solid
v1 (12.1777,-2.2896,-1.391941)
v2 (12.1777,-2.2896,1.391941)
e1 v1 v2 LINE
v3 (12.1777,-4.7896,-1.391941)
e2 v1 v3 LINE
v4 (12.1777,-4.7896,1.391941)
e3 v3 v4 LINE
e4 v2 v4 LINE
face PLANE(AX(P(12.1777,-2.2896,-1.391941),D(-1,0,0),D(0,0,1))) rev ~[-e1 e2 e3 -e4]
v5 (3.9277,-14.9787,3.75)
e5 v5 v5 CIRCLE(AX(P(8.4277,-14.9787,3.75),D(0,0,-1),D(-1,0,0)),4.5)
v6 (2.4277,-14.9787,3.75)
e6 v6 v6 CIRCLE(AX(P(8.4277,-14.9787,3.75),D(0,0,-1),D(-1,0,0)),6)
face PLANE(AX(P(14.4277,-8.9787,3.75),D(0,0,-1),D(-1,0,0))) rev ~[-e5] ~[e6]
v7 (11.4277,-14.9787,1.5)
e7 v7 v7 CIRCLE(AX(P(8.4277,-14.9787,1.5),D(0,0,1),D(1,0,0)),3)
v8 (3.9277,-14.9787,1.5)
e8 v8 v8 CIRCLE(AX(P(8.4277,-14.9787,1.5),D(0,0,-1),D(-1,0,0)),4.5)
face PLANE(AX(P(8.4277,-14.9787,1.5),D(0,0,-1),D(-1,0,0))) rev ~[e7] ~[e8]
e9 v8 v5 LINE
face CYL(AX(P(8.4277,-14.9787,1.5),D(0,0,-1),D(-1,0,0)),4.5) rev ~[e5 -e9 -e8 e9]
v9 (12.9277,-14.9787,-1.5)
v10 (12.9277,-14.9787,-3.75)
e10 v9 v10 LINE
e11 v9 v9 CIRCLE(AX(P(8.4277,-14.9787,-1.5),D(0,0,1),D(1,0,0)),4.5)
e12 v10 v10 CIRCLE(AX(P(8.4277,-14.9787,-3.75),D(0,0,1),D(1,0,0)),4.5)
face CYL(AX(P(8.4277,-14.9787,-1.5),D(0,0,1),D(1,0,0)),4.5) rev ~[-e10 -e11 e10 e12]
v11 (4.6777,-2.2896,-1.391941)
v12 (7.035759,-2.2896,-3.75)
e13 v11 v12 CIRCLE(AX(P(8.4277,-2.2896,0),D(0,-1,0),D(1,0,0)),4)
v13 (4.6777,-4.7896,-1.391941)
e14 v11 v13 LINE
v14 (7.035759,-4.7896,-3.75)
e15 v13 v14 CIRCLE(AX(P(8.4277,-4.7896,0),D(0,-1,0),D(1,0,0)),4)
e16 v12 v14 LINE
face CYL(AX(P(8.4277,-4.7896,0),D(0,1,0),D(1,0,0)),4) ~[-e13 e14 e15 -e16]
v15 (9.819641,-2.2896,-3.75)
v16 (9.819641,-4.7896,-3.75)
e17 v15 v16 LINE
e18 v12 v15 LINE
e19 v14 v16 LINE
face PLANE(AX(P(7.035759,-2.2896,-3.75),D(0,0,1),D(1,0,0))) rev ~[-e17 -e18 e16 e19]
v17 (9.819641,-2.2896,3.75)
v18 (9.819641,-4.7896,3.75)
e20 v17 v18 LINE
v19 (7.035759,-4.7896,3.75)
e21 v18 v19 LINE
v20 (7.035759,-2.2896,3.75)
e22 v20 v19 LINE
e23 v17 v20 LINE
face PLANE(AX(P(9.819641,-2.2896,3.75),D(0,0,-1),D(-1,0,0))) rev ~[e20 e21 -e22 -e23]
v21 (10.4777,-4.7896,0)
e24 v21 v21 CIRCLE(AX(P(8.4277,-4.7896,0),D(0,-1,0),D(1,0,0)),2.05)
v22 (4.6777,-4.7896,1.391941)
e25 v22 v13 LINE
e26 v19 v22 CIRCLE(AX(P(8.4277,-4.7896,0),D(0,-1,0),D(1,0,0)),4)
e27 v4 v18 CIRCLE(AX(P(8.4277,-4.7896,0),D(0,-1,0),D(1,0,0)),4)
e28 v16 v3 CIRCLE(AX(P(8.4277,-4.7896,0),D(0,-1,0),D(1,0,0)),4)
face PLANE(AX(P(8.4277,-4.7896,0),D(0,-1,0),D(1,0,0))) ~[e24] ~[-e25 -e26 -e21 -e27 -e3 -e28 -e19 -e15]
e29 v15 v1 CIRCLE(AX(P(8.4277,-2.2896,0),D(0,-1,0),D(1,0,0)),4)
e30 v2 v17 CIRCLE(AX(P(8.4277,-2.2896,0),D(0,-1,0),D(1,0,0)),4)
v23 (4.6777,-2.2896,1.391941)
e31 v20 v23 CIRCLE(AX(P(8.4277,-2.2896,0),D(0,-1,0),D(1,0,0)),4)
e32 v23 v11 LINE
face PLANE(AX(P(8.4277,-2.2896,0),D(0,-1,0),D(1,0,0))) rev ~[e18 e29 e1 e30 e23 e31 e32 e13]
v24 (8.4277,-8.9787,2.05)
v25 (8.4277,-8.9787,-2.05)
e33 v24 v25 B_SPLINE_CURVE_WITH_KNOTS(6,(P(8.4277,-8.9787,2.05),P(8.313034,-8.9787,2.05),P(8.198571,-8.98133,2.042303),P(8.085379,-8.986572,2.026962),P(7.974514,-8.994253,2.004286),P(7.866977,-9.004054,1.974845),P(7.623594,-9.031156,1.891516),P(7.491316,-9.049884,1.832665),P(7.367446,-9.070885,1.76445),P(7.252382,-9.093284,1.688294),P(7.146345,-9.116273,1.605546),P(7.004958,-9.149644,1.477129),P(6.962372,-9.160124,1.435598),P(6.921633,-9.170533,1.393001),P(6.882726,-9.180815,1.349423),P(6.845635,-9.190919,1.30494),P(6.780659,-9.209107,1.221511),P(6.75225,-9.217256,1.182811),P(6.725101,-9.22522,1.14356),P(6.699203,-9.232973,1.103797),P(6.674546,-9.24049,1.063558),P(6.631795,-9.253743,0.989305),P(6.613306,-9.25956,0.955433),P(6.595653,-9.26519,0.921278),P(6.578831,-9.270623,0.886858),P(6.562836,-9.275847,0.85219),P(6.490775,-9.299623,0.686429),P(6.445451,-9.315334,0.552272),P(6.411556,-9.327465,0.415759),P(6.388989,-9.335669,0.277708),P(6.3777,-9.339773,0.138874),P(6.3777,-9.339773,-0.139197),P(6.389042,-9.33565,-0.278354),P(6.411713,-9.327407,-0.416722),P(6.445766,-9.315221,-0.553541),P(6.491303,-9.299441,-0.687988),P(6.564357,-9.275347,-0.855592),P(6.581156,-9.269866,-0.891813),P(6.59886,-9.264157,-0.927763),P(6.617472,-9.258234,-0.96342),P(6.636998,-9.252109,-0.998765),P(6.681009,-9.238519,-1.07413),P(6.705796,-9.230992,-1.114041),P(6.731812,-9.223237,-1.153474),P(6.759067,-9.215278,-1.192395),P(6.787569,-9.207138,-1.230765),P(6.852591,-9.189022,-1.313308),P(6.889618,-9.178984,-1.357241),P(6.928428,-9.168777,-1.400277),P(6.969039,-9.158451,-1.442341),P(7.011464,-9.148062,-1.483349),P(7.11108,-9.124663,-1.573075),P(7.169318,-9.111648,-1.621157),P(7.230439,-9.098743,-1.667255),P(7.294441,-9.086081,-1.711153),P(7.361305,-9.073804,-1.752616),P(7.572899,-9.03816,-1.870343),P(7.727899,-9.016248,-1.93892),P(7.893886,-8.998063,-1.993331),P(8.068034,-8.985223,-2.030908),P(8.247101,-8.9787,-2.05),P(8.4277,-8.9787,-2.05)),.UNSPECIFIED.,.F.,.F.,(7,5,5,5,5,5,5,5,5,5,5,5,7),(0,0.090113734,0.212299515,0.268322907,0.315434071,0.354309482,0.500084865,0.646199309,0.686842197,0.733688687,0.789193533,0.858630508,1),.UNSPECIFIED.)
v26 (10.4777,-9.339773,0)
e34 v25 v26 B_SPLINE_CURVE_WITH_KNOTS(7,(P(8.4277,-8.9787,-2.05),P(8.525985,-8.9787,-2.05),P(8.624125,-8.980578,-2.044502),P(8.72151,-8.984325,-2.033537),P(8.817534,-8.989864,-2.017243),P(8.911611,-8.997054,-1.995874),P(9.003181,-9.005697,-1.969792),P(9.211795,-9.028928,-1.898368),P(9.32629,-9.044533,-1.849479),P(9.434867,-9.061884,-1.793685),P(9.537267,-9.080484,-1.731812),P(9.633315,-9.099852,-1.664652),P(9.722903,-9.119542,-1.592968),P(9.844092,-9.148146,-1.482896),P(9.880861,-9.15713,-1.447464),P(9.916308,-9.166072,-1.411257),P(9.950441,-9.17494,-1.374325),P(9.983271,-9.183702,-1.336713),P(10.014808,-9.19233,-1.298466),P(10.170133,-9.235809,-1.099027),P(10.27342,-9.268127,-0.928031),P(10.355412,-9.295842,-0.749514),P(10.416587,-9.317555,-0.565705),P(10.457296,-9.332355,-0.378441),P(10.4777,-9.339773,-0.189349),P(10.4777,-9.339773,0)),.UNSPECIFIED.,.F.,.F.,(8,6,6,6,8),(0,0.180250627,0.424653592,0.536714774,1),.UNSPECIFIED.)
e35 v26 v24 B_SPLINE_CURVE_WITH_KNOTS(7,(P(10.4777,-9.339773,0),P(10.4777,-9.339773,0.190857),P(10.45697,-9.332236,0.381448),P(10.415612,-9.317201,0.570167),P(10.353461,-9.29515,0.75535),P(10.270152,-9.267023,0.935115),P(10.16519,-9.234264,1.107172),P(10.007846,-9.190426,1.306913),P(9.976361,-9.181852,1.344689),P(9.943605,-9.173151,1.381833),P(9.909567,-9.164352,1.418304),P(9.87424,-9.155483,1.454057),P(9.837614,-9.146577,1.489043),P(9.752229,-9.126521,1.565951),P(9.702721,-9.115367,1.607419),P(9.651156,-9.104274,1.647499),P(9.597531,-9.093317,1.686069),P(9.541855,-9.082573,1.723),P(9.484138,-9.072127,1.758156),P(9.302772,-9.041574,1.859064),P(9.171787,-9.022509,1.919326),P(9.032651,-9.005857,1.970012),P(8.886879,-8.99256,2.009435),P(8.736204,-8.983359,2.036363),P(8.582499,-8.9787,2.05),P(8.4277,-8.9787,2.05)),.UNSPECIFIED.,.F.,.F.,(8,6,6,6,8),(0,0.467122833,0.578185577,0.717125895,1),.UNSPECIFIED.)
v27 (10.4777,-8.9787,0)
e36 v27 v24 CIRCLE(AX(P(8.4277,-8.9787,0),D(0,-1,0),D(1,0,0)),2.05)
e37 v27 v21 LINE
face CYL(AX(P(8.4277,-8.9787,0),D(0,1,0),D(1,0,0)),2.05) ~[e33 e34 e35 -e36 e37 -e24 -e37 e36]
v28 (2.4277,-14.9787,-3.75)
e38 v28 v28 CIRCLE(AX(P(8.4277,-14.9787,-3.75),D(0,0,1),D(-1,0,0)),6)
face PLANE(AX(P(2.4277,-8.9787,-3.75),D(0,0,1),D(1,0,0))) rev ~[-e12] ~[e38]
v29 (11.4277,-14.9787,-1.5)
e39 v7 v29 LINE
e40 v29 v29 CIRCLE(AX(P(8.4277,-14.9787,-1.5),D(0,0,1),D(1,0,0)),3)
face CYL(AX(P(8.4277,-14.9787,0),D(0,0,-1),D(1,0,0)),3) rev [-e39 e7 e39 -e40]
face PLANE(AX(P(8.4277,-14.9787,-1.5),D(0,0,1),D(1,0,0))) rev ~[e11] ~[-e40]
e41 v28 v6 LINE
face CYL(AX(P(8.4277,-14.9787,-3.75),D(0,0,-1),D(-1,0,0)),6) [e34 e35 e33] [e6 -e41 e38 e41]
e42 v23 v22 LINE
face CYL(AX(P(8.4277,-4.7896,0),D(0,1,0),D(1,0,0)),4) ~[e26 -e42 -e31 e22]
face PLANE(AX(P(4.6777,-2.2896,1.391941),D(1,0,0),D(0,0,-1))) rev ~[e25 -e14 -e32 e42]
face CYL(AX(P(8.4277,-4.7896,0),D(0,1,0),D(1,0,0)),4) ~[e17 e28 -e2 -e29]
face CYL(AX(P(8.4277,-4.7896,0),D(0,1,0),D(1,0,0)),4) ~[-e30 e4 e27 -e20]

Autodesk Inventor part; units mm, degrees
ref_plane "YZ Plane" through (0, 0, 0) normal (1, 0, 0) x (0, 1, 0)
ref_plane "XZ Plane" through (0, 0, 0) normal (0, 1, 0) x (-1, 0, 0)
ref_plane "XY Plane" through (0, 0, 0) normal (0, 0, 1) x (1, 0, 0)
sketch "Sketch1" plane through (0, 0, 0) normal (0, 0, 1) x (1, 0, 0)
  point P0 (0, 0)
sketch "Sketch2" plane through (0, 0, 0) normal (0, 0, 1) x (1, 0, 0)
  line L0 (12.1777, -1.5396) -> (4.6777, -1.5396) construction
  line L1 (4.6777, -1.5396) -> (4.6777, -5.5396) construction
  line L2 (4.6777, -5.5396) -> (12.1777, -5.5396) construction
  line L3 (12.1777, -5.5396) -> (12.1777, -1.5396) construction
  line L4 (8.4277, -4.7896) -> (12.4277, -4.7896)
  line L5 (12.4277, -4.7896) -> (12.4277, -2.2896)
  line L6 (12.4277, -2.2896) -> (8.4277, -2.2896)
  line L7 (8.4277, -2.2896) -> (8.4277, -4.7896)
  line L8 (8.4277, -2.2896) -> (8.4277, -8.9787)
  line L9 (8.4277, -8.9787) -> (10.4777, -8.9787)
  line L10 (10.4777, -8.9787) -> (10.4777, -4.7896)
  line L11 (9.1419, -2.2896) -> (9.1419, -1.5396) construction
  line L12 (9.1419, -4.7896) -> (9.1419, -5.5396) construction
  point P0 (0, 0)
  dimension "d0" = 7.5
  dimension "d1" = 4
  dimension "d2" = 8
  dimension "d3" = 2.5
  dimension "d4" = 4.1
  dimension "d6" = 0.75
revolve "Revolution1" add sketch "Sketch2" angle 360 about axis through (8.4277, -2.2896, 0) along (0, -1, 0)
sketch "Sketch3" plane through (8.4277, -8.9787, 0) normal (0, -1, 0) x (1, 0, 0)
  line L0 (6, 3.75) -> (-6, 3.75)
  line L1 (-6, 3.75) -> (-6, -3.75)
  line L2 (-6, -3.75) -> (6, -3.75)
  line L3 (6, -3.75) -> (6, 3.75)
  line L4 (6, 3.75) -> (-6, -3.75) construction
  line L5 (-6, 3.75) -> (6, -3.75) construction
  circle A0 centre (0, 0) radius 2.05 projected
  point P0 (-8.4277, 0)
  point P1 (0, 0)
  dimension "d7" = 12
  dimension "d8" = 7.5
extrude "Extrusion1" add sketch "Sketch3" along normal blind 12 contours L3 L2 L1 L0 | A0
sketch "Sketch4" plane through (14.4277, -8.9787, -3.75) normal (0, 0, -1) x (-1, 0, 0)
  line L0 (12, 0) -> (0, 0) projected
  line L1 (0, 0) -> (0, -12) projected
  line L2 (12, -12) -> (0, -12) projected
  line L3 (12, 0) -> (12, -12) projected
  circle A0 centre (6, -6) radius 6
  point P0 (14.4277, 8.9787)
  point P1 (0, -6)
  point P2 (6, 0)
  point P3 (12, -6)
  point P4 (6, -12)
extrude "Extrusion2" cut sketch "Sketch4" against normal blind 12 contours L3 A0 L0 | A0 L1 L0 | L3 L2 A0 | A0 L2 L1
sketch "Sketch6" plane through (0, 0, 0) normal (0, 0, 1) x (1, 0, 0)
  circle A0 centre (8.4277, -14.9787) radius 6 projected
  circle A1 centre (8.4277, -14.9787) radius 3
  point P0 (0, 0)
  dimension "d13" = 6
extrude "Extrusion3" cut sketch "Sketch6" along normal mid plane 3 contours A1
sketch "Sketch7" plane through (8.4277, -14.9787, 1.5) normal (0, 0, -1) x (-1, 0, 0)
  circle A0 centre (0, 0) radius 3 projected
  circle A1 centre (0, 0) radius 4.5
  point P0 (8.4277, 14.9787)
  dimension "d16" = 9
extrude "Extrusion4" cut sketch "Sketch7" against normal blind 8.25 contours A0 | A1
sketch "Sketch8" plane through (8.4277, -14.9787, -1.5) normal (0, 0, 1) x (1, 0, 0)
  circle A0 centre (0, 0) radius 4.5 projected
  point P0 (-8.4277, 14.9787)
extrude "Extrusion5" cut sketch "Sketch8" against normal blind 8.25
sketch "Sketch9" plane through (8.4277, -2.2896, 0) normal (0, 1, 0) x (1, 0, 0)
  circle A0 centre (0, 0) radius 4 projected
  line L0 (3.75, -3.75) -> (-3.75, -3.75)
  line L1 (-3.75, -3.75) -> (-3.75, 3.75)
  line L2 (-3.75, 3.75) -> (3.75, 3.75)
  line L3 (3.75, 3.75) -> (3.75, -3.75)
  line L4 (3.75, -3.75) -> (-3.75, 3.75) construction
  line L5 (-3.75, -3.75) -> (3.75, 3.75) construction
  point P0 (-3.75, -1.3919)
  point P1 (-3.75, 1.3919)
  point P2 (1.3919, -3.75)
  point P3 (-1.3919, -3.75)
  point P4 (3.75, 1.3919)
  point P5 (3.75, -1.3919)
  point P6 (-1.3919, 3.75)
  point P7 (1.3919, 3.75)
  dimension "d23" = 7.5
extrude "Extrusion6" cut sketch "Sketch9" against normal up to surface (2.5 mm away) contours A0 L3 | L2 A0 | A0 L0 | L1 A0
sketch "Sketch10" plane through (8.4277, -8.9787, 0) normal (0, -1, 0) x (1, 0, 0)
  line L0 (-1.3919, 3.75) -> (1.3919, 3.75) projected
  arc A0 (3.75, 1.3919) -> (1.3919, 3.75) centre (0, 0) ccw projected
  line L1 (3.75, 1.3919) -> (3.75, -1.3919) projected
  arc A1 (1.3919, -3.75) -> (3.75, -1.3919) centre (0, 0) ccw projected
  line L2 (1.3919, -3.75) -> (-1.3919, -3.75) projected
  arc A2 (-3.75, -1.3919) -> (-1.3919, -3.75) centre (0, 0) ccw projected
  line L3 (-3.75, -1.3919) -> (-3.75, 1.3919) projected
  arc A3 (-1.3919, 3.75) -> (-3.75, 1.3919) centre (0, 0) ccw projected
  circle A4 centre (0, 0) radius 2.05 projected
  point P0 (-8.4277, 0)
extrude "Extrusion7" add sketch "Sketch10" along normal up to surface contours A4
properties part number "Sholder"
